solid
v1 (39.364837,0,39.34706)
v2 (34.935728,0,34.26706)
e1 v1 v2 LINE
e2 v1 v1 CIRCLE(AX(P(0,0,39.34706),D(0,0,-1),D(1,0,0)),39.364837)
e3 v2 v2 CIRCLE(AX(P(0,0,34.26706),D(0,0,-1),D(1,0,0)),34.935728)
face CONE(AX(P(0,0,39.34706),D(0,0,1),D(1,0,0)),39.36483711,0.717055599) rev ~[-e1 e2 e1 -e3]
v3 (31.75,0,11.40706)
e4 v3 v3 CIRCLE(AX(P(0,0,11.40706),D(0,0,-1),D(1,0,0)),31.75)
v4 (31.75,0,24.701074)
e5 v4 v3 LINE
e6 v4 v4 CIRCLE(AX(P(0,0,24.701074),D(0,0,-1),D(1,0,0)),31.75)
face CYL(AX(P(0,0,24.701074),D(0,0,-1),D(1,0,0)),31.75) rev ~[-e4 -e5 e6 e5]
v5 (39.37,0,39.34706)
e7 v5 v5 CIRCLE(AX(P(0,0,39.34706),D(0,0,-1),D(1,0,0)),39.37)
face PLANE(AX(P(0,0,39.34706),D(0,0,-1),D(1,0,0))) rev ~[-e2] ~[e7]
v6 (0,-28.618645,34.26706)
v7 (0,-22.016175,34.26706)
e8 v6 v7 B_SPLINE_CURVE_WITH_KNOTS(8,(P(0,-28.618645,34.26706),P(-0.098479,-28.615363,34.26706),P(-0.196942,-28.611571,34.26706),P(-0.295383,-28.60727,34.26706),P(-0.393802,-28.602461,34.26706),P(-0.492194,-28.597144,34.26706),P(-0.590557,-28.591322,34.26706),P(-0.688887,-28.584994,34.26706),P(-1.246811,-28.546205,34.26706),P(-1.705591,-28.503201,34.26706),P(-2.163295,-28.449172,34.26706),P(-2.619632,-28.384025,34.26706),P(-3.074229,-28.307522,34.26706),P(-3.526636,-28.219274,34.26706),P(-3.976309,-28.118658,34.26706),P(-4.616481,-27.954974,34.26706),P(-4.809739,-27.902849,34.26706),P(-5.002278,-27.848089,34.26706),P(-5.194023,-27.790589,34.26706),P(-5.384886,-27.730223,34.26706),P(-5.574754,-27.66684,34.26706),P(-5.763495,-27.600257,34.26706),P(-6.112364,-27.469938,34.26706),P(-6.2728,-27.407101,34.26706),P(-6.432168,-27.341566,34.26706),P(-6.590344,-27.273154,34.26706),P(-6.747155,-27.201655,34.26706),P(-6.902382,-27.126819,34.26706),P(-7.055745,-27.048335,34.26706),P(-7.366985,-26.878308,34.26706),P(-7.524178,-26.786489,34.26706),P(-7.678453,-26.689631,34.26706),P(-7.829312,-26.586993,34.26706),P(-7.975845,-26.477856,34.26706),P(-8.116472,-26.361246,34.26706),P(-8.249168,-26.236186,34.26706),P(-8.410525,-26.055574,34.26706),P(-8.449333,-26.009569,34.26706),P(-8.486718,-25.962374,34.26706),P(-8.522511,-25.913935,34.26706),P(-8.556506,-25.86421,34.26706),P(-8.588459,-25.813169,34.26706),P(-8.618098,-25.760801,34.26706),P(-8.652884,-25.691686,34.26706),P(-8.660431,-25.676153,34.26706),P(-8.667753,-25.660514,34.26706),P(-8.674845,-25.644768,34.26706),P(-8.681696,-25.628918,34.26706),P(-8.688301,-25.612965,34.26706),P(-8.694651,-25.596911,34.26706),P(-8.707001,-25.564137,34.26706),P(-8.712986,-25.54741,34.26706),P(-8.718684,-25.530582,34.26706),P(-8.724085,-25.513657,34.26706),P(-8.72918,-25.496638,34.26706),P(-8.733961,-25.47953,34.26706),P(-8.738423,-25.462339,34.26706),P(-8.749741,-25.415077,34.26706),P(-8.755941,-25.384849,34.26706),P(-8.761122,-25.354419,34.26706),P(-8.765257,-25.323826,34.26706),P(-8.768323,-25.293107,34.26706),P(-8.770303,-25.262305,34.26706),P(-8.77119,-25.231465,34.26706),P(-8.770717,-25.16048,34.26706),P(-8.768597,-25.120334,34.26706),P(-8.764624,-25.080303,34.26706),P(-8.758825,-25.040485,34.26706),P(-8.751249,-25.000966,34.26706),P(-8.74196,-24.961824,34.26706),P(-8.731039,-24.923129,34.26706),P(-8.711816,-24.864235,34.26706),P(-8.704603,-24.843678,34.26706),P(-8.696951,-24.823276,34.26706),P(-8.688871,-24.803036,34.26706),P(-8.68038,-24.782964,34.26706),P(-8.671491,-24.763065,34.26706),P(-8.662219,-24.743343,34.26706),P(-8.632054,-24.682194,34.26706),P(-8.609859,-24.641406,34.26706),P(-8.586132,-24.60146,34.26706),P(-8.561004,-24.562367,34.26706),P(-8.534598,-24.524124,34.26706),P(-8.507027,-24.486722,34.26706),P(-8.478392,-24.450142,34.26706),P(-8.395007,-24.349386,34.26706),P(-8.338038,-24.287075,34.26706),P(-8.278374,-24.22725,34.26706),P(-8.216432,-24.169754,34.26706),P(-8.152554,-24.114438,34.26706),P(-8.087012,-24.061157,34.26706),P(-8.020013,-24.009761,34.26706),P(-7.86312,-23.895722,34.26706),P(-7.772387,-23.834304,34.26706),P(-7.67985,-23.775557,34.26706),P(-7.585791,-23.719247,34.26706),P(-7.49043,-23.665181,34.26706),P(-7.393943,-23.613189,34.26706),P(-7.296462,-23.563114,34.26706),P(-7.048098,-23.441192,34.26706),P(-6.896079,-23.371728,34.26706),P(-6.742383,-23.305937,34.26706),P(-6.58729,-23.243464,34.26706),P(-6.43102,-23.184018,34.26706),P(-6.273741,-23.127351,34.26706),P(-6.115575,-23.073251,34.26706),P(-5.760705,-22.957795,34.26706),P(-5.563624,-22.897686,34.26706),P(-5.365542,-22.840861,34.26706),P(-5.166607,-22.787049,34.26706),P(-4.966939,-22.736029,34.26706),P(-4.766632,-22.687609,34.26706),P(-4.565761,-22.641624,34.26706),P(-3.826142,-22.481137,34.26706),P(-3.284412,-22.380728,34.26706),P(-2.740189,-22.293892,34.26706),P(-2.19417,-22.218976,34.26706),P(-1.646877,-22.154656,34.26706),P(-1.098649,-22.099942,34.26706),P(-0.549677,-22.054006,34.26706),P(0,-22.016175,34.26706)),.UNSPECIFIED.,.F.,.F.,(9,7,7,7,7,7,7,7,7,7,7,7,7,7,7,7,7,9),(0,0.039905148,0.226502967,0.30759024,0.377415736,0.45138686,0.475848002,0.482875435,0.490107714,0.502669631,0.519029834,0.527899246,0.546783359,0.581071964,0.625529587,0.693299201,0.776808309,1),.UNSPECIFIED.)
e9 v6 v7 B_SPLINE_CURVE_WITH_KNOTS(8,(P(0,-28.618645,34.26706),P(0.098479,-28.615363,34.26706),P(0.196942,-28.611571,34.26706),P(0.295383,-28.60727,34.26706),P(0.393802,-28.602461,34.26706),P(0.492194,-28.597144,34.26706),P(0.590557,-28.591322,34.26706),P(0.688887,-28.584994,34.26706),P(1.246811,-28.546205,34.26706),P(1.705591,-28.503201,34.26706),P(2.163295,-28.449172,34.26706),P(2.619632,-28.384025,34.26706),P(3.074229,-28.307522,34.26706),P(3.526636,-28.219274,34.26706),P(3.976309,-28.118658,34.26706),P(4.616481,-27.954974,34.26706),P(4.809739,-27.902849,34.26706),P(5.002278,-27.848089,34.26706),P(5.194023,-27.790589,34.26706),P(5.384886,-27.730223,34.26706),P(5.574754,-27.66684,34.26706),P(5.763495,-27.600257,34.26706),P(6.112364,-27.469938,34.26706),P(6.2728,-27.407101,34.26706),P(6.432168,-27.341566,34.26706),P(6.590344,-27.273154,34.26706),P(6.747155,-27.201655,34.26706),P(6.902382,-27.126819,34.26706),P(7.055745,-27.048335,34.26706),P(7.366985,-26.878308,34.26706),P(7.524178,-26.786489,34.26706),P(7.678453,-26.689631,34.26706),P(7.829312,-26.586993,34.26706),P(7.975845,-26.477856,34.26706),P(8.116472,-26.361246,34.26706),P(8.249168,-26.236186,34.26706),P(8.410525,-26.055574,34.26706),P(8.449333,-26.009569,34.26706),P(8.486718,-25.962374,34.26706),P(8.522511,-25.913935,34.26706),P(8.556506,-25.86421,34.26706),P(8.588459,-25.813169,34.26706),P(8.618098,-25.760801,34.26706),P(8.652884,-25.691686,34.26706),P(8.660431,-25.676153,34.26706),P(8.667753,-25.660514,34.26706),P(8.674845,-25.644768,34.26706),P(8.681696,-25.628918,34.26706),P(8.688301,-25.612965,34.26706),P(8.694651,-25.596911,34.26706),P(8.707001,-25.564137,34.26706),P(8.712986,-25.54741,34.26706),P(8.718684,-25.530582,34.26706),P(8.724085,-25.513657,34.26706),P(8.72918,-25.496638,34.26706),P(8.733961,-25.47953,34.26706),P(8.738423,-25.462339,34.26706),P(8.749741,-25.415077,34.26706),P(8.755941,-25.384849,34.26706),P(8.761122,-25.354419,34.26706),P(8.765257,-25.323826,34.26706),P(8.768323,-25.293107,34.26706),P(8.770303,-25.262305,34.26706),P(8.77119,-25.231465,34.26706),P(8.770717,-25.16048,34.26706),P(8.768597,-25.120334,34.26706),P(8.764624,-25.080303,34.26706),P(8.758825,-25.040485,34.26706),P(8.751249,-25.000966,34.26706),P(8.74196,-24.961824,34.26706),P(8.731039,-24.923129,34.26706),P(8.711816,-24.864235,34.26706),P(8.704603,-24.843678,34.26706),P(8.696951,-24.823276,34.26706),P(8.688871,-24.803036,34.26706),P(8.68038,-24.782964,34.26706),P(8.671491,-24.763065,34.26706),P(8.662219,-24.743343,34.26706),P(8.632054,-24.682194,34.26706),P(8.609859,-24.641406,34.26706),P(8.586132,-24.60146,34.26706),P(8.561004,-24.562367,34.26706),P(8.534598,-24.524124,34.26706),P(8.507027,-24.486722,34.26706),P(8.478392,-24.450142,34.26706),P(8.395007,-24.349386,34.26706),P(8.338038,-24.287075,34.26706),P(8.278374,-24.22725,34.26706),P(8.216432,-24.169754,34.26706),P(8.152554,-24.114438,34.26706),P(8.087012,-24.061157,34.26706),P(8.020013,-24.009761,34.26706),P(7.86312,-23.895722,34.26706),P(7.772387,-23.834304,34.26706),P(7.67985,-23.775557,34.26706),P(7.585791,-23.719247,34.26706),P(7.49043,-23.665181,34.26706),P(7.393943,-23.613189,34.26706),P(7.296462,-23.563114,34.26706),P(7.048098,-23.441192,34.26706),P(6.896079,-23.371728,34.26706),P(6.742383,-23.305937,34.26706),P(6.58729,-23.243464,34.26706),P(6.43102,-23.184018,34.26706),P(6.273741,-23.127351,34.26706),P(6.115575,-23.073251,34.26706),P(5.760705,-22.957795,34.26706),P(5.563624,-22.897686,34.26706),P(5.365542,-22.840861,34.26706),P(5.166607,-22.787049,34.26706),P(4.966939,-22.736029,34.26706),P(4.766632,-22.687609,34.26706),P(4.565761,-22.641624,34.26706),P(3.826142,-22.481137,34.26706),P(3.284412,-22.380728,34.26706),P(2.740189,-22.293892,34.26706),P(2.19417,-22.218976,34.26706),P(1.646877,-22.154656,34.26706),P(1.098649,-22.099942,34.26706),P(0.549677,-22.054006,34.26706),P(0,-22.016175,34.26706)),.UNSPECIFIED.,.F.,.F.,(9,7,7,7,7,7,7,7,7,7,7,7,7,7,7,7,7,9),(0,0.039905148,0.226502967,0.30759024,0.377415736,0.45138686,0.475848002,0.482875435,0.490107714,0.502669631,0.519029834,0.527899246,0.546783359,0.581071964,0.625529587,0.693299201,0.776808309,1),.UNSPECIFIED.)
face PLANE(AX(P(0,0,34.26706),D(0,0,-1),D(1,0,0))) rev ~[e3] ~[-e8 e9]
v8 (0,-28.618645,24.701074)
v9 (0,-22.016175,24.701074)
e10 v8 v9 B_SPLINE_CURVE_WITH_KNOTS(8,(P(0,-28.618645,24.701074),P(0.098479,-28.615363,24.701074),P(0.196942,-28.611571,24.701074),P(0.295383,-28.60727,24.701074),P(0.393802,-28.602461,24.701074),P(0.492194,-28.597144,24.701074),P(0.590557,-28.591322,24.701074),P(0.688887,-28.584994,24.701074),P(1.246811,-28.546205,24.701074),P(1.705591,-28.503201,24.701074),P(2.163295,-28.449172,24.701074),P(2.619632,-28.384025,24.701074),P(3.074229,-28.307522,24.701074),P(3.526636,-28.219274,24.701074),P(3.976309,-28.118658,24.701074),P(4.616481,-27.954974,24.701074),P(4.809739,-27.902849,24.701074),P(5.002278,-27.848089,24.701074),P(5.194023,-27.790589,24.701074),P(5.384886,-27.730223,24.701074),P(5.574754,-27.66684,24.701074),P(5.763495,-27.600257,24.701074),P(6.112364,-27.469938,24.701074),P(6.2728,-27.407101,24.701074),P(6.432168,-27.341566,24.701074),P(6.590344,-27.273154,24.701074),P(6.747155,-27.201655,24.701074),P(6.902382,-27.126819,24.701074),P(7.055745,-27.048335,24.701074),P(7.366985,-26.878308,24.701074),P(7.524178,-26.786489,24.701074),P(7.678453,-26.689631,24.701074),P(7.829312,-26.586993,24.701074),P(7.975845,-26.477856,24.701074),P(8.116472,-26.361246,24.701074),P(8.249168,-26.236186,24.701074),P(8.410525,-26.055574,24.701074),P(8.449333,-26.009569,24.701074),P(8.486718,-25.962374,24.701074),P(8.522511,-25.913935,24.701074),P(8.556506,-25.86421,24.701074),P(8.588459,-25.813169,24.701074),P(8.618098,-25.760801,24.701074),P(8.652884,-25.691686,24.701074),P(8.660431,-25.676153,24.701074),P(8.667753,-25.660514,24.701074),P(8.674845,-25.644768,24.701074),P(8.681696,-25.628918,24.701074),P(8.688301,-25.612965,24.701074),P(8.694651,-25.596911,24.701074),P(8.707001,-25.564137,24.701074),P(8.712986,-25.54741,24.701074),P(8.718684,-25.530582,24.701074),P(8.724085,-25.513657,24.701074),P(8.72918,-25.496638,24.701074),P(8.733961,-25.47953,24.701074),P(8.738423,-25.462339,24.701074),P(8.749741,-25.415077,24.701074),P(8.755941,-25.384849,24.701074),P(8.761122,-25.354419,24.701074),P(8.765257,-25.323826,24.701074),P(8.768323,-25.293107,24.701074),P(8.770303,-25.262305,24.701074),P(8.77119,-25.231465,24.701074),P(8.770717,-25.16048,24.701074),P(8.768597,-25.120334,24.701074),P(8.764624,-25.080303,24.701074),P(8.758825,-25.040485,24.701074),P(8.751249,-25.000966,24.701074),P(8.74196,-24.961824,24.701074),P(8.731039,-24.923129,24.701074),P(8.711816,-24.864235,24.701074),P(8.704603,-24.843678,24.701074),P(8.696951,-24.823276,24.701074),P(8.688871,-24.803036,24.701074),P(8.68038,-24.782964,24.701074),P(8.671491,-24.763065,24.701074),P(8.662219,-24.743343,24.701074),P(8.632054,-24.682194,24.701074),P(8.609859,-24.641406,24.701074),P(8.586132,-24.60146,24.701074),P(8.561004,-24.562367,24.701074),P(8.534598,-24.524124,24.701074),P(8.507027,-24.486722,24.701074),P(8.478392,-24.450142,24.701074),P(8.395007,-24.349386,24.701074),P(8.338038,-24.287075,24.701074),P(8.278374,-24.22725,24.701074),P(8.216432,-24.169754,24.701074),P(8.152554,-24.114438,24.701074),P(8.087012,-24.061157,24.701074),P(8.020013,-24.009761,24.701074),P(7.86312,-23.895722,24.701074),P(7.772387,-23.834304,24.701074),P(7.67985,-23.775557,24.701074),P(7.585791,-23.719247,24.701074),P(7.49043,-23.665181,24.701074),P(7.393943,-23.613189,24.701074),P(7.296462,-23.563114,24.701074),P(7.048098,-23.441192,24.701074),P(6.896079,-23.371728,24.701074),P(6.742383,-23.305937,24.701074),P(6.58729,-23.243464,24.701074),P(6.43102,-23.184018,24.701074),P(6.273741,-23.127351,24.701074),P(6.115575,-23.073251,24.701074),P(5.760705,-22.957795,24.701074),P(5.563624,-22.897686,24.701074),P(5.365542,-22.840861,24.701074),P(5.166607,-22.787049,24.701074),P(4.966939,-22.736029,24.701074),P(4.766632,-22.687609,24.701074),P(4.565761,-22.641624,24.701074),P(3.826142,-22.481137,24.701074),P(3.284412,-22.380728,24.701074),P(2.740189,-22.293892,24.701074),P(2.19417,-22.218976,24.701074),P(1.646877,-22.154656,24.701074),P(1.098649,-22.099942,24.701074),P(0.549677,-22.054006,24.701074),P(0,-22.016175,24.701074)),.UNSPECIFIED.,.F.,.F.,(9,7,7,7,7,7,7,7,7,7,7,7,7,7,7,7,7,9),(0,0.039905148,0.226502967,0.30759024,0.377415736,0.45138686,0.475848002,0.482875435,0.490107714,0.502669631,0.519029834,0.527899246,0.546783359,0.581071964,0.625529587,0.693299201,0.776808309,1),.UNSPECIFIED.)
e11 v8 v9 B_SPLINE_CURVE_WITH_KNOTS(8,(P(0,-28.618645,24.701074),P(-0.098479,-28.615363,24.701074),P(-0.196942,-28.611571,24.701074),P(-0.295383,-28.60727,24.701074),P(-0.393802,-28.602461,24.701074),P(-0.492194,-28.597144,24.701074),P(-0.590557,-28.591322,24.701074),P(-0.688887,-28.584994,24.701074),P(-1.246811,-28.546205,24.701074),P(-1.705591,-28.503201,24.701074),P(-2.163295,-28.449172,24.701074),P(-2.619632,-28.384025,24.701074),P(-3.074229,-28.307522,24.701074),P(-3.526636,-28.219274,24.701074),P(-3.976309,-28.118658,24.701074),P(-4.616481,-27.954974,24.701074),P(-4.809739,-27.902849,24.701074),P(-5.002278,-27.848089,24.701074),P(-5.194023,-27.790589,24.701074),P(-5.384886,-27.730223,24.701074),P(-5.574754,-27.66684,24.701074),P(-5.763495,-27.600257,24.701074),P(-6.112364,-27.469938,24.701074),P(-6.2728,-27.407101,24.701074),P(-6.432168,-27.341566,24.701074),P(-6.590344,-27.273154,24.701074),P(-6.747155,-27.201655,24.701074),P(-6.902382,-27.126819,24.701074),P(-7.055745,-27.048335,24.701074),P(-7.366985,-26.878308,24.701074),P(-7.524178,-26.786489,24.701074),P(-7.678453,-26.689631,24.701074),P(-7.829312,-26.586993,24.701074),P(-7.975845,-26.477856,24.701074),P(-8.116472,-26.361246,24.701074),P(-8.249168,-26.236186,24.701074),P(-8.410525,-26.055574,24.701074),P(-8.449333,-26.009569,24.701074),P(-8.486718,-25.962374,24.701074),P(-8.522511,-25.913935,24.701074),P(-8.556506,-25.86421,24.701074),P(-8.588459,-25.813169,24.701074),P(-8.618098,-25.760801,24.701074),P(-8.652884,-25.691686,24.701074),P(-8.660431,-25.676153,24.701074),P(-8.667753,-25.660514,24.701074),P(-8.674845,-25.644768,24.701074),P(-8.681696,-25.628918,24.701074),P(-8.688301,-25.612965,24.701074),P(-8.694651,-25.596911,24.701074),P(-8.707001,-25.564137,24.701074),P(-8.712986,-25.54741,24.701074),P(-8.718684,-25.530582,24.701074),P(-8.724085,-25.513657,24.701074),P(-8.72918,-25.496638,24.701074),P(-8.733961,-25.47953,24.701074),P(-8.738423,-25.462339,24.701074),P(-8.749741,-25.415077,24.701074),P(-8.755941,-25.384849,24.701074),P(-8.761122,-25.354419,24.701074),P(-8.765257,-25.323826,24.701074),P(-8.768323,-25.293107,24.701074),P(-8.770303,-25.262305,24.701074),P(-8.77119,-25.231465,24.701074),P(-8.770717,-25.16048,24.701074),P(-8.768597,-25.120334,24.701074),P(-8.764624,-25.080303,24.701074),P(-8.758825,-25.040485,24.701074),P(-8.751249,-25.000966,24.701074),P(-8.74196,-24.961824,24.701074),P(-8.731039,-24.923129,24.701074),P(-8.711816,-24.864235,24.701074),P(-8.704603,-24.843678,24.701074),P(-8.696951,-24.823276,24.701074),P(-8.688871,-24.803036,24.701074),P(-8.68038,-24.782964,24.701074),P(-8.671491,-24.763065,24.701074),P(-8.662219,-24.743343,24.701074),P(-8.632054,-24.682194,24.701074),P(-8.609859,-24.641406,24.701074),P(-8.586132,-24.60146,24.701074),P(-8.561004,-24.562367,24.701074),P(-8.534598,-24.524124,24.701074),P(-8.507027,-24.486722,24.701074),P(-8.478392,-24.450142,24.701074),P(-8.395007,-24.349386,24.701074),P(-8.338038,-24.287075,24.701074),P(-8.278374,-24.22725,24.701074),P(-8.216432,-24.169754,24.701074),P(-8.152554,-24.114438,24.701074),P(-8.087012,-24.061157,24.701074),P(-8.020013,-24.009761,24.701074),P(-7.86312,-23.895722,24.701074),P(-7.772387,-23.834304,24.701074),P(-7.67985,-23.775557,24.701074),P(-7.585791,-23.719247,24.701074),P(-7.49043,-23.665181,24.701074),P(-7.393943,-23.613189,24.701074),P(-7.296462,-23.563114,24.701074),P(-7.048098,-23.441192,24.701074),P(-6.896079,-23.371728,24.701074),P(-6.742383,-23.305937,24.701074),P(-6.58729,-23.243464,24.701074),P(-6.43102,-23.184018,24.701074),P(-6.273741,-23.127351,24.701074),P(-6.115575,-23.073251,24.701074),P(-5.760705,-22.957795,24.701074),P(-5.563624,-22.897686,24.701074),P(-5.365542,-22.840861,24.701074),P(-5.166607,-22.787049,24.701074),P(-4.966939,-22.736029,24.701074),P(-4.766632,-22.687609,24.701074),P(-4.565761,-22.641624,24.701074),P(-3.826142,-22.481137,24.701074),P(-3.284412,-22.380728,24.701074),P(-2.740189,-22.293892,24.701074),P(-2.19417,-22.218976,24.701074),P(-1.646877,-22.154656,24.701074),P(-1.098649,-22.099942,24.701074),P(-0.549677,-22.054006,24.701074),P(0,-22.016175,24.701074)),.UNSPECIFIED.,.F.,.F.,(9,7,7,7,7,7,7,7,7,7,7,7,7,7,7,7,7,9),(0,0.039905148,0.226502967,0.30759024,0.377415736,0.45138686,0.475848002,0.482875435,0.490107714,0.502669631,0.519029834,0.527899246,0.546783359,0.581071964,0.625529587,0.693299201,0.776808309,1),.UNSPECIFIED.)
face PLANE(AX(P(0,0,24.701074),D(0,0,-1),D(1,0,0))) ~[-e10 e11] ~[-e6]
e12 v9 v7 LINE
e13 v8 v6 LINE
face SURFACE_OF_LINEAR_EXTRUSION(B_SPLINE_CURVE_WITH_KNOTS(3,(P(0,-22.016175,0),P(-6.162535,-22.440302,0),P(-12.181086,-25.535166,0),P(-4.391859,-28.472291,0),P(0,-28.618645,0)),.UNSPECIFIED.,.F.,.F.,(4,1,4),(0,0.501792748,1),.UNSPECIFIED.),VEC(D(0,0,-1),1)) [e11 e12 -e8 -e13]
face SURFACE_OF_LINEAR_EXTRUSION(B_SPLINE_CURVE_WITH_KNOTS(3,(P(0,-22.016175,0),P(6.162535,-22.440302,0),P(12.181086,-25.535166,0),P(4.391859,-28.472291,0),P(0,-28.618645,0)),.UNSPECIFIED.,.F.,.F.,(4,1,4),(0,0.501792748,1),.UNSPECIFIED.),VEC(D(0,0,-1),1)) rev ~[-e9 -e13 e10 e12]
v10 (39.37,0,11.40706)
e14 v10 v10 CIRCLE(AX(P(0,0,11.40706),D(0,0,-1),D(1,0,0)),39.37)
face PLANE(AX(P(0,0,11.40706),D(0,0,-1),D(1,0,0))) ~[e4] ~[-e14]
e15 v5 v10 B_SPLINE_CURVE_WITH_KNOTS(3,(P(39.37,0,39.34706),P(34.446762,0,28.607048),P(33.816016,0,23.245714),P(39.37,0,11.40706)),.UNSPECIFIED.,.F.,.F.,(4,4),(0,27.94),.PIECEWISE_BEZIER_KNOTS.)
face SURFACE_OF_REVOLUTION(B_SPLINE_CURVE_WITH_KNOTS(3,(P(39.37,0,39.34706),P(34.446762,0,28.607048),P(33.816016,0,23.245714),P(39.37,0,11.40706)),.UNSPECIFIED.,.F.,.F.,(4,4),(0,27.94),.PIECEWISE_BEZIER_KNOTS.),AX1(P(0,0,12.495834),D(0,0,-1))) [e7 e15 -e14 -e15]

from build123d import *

# Parameters (mm, degrees)
F3_DEPTH = 63.5


with BuildPart() as f1:
    # F0 (on Front) → F1 (revolve)
    with BuildSketch(Plane.XZ):
        with BuildLine():
            Line((39.37, 39.3470600247), (39.36483711, 39.3470600247))
            Line((39.36483711, 39.3470600247), (34.9357277155, 34.2670600247))
            Line((34.9357277155, 34.2670600247), (0, 34.2670600247))
            Line((0, 34.2670600247), (0, 24.7010737658))
            Line((0, 24.7010737658), (31.75, 24.7010737658))
            Line((31.75, 24.7010737658), (31.75, 11.4070600247))
            Line((31.75, 11.4070600247), (39.37, 11.4070600247))
            add(Edge.make_bspline(
                [(39.37, 39.3470600247), (34.4467619655, 28.6070481429), (33.8160158511, 23.2457135293), (39.37, 11.4070600247)],
                knots=[0, 0, 0, 0, 27.94, 27.94, 27.94, 27.94], degree=3))
        make_face()
    revolve(axis=Axis((0, 0, 12.4958343804), (0, 0, -1)))

    # F2 (on Top) → F3 (cut, symmetric)
    with BuildSketch(Plane.XY):
        with BuildLine():
            add(Edge.make_bspline(
                [(0, -22.0161750913), (6.1625345287, -22.4403023631), (12.18108594, -25.5351662262), (4.3918588199, -28.4722913057), (0, -28.618644923)],
                knots=[0, 0, 0, 0, 0.5017927478, 1, 1, 1, 1], degree=3))
            add(Edge.make_bspline(
                [(0, -22.0161750913), (-6.1625345287, -22.4403023631), (-12.18108594, -25.5351662262), (-4.3918588199, -28.4722913057), (0, -28.618644923)],
                knots=[0, 0, 0, 0, 0.5017927478, 1, 1, 1, 1], degree=3))
        make_face()
    extrude(amount=F3_DEPTH, both=True, mode=Mode.SUBTRACT)


solid = f1.part
